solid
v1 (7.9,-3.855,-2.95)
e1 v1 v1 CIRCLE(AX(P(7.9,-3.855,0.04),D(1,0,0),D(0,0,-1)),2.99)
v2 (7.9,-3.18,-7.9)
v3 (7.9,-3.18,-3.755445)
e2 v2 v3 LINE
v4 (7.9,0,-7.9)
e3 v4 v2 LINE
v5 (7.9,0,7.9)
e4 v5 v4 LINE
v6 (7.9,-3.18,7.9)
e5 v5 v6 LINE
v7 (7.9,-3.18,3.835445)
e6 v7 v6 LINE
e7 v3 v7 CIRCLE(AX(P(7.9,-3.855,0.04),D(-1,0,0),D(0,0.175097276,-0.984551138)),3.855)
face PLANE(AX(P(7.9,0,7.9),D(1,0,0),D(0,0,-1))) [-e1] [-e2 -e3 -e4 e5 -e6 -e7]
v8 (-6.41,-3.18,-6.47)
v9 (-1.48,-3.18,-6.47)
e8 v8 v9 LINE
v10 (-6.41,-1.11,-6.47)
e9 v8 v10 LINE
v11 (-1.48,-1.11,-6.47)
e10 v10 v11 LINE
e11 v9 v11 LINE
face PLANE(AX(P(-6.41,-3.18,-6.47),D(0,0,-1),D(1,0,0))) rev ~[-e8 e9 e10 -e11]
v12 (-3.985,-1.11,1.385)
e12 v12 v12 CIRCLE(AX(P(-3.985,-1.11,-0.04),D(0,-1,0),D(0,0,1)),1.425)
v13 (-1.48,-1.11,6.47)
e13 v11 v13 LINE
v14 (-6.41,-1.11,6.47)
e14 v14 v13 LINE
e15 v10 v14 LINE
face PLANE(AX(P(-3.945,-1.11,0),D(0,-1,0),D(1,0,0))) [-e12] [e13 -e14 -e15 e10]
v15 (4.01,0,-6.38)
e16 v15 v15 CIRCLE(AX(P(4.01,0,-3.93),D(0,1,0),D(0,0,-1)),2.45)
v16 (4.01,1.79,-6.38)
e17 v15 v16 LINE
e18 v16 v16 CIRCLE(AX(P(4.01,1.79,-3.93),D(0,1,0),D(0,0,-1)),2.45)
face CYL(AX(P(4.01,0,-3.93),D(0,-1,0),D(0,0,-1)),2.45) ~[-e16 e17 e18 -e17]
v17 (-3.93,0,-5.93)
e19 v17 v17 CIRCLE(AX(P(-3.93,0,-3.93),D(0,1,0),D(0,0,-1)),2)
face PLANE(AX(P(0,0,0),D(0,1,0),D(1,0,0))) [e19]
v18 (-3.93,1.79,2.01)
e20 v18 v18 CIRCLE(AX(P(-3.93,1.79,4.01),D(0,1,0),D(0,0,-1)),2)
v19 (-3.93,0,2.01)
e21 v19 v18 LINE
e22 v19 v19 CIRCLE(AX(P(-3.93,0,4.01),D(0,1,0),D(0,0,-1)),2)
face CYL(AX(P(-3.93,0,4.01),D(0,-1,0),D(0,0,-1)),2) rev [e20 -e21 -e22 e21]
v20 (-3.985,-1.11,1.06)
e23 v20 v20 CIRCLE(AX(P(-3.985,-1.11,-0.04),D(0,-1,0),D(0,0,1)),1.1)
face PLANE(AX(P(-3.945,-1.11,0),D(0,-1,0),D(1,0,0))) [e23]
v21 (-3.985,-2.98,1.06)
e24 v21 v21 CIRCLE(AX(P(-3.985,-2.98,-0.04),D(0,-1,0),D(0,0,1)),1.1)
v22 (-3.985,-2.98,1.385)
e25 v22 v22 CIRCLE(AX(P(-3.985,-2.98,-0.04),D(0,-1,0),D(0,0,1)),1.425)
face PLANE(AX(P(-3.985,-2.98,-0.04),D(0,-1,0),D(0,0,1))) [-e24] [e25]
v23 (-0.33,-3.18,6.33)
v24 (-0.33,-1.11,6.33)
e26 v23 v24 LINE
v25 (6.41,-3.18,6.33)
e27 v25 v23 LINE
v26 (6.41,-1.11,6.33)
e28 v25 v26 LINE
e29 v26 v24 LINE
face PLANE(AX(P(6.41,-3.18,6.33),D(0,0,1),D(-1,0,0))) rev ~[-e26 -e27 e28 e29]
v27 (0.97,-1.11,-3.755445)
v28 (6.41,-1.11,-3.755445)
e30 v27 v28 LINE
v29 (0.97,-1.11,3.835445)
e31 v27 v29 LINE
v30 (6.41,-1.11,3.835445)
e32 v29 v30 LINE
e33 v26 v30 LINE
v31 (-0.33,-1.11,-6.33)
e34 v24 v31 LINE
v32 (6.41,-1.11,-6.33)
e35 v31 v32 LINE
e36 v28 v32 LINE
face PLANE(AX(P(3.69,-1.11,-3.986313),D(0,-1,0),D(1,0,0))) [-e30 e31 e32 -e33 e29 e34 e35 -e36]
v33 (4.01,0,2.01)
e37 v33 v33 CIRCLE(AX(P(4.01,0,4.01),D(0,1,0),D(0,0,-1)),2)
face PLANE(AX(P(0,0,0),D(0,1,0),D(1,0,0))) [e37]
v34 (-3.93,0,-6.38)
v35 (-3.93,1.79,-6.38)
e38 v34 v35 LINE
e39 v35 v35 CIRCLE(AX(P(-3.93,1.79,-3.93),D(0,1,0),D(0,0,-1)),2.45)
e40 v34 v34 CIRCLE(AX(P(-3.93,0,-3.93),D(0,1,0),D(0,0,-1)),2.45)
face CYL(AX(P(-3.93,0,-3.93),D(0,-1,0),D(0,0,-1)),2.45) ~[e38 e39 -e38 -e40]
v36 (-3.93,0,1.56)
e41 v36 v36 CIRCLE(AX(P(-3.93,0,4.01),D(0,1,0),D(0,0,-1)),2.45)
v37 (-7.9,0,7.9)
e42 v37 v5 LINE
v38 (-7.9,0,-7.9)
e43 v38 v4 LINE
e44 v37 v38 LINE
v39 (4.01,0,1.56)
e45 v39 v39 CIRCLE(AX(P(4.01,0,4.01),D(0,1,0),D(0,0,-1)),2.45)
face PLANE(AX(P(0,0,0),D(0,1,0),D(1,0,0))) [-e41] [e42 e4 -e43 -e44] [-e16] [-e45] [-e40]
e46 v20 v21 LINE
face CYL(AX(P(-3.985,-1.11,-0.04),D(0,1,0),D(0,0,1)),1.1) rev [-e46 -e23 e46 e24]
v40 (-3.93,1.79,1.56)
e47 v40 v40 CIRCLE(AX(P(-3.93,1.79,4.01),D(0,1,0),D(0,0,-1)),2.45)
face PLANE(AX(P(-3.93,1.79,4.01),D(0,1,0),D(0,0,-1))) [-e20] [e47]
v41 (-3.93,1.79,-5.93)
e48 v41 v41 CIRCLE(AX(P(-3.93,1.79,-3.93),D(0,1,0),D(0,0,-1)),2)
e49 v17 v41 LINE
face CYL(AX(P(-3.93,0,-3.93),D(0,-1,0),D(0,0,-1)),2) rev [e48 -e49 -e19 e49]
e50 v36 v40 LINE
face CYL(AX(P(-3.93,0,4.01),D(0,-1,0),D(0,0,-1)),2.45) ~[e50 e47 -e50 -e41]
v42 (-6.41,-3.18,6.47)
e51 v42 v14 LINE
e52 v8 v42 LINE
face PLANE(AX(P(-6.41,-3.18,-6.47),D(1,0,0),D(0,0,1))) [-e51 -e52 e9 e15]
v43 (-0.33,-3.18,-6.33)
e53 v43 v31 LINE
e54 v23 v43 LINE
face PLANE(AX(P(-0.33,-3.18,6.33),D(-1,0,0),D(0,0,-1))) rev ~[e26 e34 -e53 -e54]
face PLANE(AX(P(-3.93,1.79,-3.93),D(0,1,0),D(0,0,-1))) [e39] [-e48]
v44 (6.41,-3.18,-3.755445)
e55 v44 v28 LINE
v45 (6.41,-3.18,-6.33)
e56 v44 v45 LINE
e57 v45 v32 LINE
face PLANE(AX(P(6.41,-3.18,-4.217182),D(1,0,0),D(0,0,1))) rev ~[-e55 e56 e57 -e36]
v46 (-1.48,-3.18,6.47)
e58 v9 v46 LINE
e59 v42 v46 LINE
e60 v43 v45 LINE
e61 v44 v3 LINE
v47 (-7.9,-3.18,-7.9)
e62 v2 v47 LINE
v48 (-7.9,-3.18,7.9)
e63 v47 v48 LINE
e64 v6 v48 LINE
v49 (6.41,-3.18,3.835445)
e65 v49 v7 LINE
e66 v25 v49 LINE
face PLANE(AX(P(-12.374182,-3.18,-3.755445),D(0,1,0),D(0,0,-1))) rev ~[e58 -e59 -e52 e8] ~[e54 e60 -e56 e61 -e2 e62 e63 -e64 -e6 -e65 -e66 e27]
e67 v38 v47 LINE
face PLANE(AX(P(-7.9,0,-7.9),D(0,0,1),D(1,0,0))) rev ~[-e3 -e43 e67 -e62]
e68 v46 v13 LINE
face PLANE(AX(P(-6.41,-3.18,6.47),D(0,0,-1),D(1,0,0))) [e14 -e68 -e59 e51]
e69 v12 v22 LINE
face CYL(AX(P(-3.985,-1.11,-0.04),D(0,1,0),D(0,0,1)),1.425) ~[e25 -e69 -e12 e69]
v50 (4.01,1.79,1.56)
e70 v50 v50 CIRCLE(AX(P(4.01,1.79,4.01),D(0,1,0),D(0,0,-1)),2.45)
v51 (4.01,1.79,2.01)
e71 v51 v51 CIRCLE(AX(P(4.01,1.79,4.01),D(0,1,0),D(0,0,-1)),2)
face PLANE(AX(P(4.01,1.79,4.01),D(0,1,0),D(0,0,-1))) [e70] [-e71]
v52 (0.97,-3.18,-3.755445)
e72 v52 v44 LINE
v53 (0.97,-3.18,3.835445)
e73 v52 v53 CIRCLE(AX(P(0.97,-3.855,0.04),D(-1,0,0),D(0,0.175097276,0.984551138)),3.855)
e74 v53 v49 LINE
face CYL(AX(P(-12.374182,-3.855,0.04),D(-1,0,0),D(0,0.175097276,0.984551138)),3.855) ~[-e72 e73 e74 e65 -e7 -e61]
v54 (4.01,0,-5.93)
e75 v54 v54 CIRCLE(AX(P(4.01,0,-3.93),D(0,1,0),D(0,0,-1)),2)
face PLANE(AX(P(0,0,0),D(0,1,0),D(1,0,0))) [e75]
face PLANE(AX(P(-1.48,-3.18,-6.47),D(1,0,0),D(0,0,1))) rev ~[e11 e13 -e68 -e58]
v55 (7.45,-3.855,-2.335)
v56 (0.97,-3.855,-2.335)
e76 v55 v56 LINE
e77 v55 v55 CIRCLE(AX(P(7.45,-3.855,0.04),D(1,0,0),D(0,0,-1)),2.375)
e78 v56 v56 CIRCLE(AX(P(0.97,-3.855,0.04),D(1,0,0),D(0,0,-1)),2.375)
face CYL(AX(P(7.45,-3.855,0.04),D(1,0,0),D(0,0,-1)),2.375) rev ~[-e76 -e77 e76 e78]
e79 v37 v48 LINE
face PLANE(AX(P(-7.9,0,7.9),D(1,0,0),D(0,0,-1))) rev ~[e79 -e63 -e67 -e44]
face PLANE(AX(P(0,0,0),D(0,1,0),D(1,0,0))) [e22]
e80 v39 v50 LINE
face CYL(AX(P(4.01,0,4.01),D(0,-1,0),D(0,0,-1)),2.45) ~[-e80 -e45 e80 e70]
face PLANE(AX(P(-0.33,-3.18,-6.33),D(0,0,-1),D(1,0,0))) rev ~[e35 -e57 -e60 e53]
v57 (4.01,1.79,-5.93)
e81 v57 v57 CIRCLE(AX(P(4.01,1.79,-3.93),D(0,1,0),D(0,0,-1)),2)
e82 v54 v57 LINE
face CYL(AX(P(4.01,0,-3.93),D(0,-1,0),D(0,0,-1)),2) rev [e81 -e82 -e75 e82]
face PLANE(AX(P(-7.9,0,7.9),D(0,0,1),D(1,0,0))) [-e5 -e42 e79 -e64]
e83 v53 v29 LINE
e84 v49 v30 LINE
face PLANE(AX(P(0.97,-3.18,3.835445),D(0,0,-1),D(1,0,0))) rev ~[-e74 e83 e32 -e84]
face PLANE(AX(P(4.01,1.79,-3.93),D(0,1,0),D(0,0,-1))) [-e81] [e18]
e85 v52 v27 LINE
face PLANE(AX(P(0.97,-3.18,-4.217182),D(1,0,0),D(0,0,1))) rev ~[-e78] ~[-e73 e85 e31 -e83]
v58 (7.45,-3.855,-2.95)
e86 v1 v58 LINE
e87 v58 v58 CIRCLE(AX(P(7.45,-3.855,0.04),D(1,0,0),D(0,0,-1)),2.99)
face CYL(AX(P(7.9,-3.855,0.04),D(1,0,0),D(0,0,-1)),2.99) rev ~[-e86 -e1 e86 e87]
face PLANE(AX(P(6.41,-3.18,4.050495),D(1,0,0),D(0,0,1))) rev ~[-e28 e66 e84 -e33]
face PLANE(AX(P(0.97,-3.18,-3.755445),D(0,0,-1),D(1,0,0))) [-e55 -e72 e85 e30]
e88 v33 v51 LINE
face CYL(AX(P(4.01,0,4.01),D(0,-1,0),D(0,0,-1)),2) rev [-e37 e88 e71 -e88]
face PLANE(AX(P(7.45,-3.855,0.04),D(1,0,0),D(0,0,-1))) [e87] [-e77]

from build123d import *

# Parameters (mm, degrees)
SKETCH1_W               = 15.8
SKETCH1_H               = 15.8
BOSS_EXTRUDE1_DEPTH     = 7.71
SKETCH2_R               = 2.99
CUT_EXTRUDE1_DEPTH      = 0.45
SKETCH3_R               = 2.375
CUT_EXTRUDE2_DEPTH      = 6.56
CUT_EXTRUDE4_DEPTH      = 20.274182214
CUT_EXTRUDE4_DEPTH_BACK = 20.274182214
CUT_EXTRUDE5_DEPTH      = 20.274182214
CUT_EXTRUDE5_DEPTH_BACK = 8.87
CUT_EXTRUDE6_DEPTH      = 2.07
SKETCH10_W              = 5.44
SKETCH10_H              = 0.215050188
CUT_EXTRUDE8_DEPTH      = 2.07
SKETCH11_W              = 5.44
SKETCH11_H              = 0.461737218
CUT_EXTRUDE9_DEPTH      = 2.07
SKETCH12_W              = 4.93
SKETCH12_H              = 12.94
CUT_EXTRUDE10_DEPTH     = 2.07
SKETCH13_R              = 1.425
SKETCH13_R_2            = 1.1
BOSS_EXTRUDE2_DEPTH     = 1.87
SKETCH14_R              = 2.45
SKETCH14_R_2            = 2
BOSS_EXTRUDE3_DEPTH     = 1.79


with BuildPart() as part:
    # Sketch1 → Boss-Extrude1 (new body)
    with BuildSketch(Plane(origin=(0, 0, 0), x_dir=(1, 0, 0), z_dir=(0, 1, 0))):
        Rectangle(SKETCH1_W, SKETCH1_H)
    extrude(amount=-BOSS_EXTRUDE1_DEPTH)

    # Sketch2 → Cut-Extrude1 (cut)
    with BuildSketch(Plane(origin=(7.9, 0, 0), x_dir=(0, 0, -1), z_dir=(1, 0, 0))):
        with Locations((-0.04, -3.855)):
            Circle(SKETCH2_R)
    extrude(amount=-CUT_EXTRUDE1_DEPTH, mode=Mode.SUBTRACT)

    # Sketch3 → Cut-Extrude2 (cut)
    with BuildSketch(Plane(origin=(7.45, 0, 0), x_dir=(0, 0, -1), z_dir=(1, 0, 0))):
        with Locations((-0.04, -3.855)):
            Circle(SKETCH3_R)
    extrude(amount=-CUT_EXTRUDE2_DEPTH, mode=Mode.SUBTRACT)

    # Sketch4 → Cut-Extrude4 (cut, two sides: drawn at the far end of the back side and taken through both)
    with BuildSketch(Plane(origin=(7.9, 0, 0), x_dir=(0, 0, -1), z_dir=(1, 0, 0)).offset(-CUT_EXTRUDE4_DEPTH_BACK)):
        with BuildLine():
            Line((-50.773144054, -3.18), (-7.9, -3.18))
            Line((-7.9, -3.18), (-3.835444638, -3.18))
            ThreePointArc((-3.835444638, -3.18), (-0.04, -7.71), (3.755444638, -3.18))
            Line((3.755444638, -3.18), (7.9, -3.18))
            Line((7.9, -3.18), (50.773144054, -3.18))
            Line((50.773144054, -3.18), (50.773144054, -88.926288108))
            Line((50.773144054, -88.926288108), (-50.773144054, -88.926288108))
            Line((-50.773144054, -88.926288108), (-50.773144054, -3.18))
        make_face()
    extrude(amount=CUT_EXTRUDE4_DEPTH + CUT_EXTRUDE4_DEPTH_BACK, mode=Mode.SUBTRACT)

    # Sketch6 → Cut-Extrude5 (cut, two sides: drawn at the far end of the back side and taken through both)
    with BuildSketch(Plane.ZY.offset(7.9).offset(-CUT_EXTRUDE5_DEPTH_BACK)):
        Polygon((-38.914265028, -3.18), (-3.755444638, -3.18), (3.835444638, -3.18), (38.994265028, -3.18), (38.994265028, -73.49764078), (-38.914265028, -73.49764078), align=None)
    extrude(amount=CUT_EXTRUDE5_DEPTH + CUT_EXTRUDE5_DEPTH_BACK, mode=Mode.SUBTRACT)

    # Sketch7 → Cut-Extrude6 (cut)
    with BuildSketch(Plane.XZ.offset(3.18)):
        Polygon((6.41, 6.33), (-0.33, 6.33), (-0.33, -6.33), (6.41, -6.33), (6.41, -4.217181856), (0.97, -4.217181856), (0.97, 4.050494826), (6.41, 4.050494826), align=None)
    extrude(amount=-CUT_EXTRUDE6_DEPTH, mode=Mode.SUBTRACT)

    # Sketch10 → Cut-Extrude8 (cut)
    with BuildSketch(Plane.XZ.offset(3.18)):
        with Locations((3.69, 3.942969732)):
            Rectangle(SKETCH10_W, SKETCH10_H)
    extrude(amount=-CUT_EXTRUDE8_DEPTH, mode=Mode.SUBTRACT)

    # Sketch11 → Cut-Extrude9 (cut)
    with BuildSketch(Plane.XZ.offset(3.18)):
        with Locations((3.69, -3.986313247)):
            Rectangle(SKETCH11_W, SKETCH11_H)
    extrude(amount=-CUT_EXTRUDE9_DEPTH, mode=Mode.SUBTRACT)

    # Sketch12 → Cut-Extrude10 (cut)
    with BuildSketch(Plane.XZ.offset(3.18)):
        with Locations((-3.945, 0)):
            Rectangle(SKETCH12_W, SKETCH12_H)
    extrude(amount=-CUT_EXTRUDE10_DEPTH, mode=Mode.SUBTRACT)

    # Sketch13 → Boss-Extrude2 (add)
    with BuildSketch(Plane.XZ.offset(1.11)):
        with Locations(Location((-3.985, -0.04, 0), (0, 0, 90))):
            Circle(SKETCH13_R)
        with Locations(Location((-3.985, -0.04, 0), (0, 0, 90))):
            Circle(SKETCH13_R_2, mode=Mode.SUBTRACT)
    extrude(amount=BOSS_EXTRUDE2_DEPTH)

    # Sketch14 → Boss-Extrude3 (add)
    # profile 1 of 4: a face of its own
    with BuildSketch(Plane(origin=(0, 0, 0), x_dir=(1, 0, 0), z_dir=(0, 1, 0))):
        with Locations(Location((-3.93, 3.93, 0), (0, 0, 90))):
            Circle(SKETCH14_R)
        with Locations(Location((-3.93, 3.93, 0), (0, 0, 90))):
            Circle(SKETCH14_R_2, mode=Mode.SUBTRACT)
    # profile 2 of 4: a face of its own
    with BuildSketch(Plane(origin=(0, 0, 0), x_dir=(1, 0, 0), z_dir=(0, 1, 0))):
        with Locations(Location((4.01, 3.93, 0), (0, 0, 90))):
            Circle(SKETCH14_R)
        with Locations(Location((4.01, 3.93, 0), (0, 0, 90))):
            Circle(SKETCH14_R_2, mode=Mode.SUBTRACT)
    # profile 3 of 4: a face of its own
    with BuildSketch(Plane(origin=(0, 0, 0), x_dir=(1, 0, 0), z_dir=(0, 1, 0))):
        with Locations(Location((-3.93, -4.01, 0), (0, 0, 90))):
            Circle(SKETCH14_R)
        with Locations(Location((-3.93, -4.01, 0), (0, 0, 90))):
            Circle(SKETCH14_R_2, mode=Mode.SUBTRACT)
    # profile 4 of 4: a face of its own
    with BuildSketch(Plane(origin=(0, 0, 0), x_dir=(1, 0, 0), z_dir=(0, 1, 0))):
        with Locations(Location((4.01, -4.01, 0), (0, 0, 90))):
            Circle(SKETCH14_R)
        with Locations(Location((4.01, -4.01, 0), (0, 0, 90))):
            Circle(SKETCH14_R_2, mode=Mode.SUBTRACT)
    extrude(amount=BOSS_EXTRUDE3_DEPTH)


solid = part.part
